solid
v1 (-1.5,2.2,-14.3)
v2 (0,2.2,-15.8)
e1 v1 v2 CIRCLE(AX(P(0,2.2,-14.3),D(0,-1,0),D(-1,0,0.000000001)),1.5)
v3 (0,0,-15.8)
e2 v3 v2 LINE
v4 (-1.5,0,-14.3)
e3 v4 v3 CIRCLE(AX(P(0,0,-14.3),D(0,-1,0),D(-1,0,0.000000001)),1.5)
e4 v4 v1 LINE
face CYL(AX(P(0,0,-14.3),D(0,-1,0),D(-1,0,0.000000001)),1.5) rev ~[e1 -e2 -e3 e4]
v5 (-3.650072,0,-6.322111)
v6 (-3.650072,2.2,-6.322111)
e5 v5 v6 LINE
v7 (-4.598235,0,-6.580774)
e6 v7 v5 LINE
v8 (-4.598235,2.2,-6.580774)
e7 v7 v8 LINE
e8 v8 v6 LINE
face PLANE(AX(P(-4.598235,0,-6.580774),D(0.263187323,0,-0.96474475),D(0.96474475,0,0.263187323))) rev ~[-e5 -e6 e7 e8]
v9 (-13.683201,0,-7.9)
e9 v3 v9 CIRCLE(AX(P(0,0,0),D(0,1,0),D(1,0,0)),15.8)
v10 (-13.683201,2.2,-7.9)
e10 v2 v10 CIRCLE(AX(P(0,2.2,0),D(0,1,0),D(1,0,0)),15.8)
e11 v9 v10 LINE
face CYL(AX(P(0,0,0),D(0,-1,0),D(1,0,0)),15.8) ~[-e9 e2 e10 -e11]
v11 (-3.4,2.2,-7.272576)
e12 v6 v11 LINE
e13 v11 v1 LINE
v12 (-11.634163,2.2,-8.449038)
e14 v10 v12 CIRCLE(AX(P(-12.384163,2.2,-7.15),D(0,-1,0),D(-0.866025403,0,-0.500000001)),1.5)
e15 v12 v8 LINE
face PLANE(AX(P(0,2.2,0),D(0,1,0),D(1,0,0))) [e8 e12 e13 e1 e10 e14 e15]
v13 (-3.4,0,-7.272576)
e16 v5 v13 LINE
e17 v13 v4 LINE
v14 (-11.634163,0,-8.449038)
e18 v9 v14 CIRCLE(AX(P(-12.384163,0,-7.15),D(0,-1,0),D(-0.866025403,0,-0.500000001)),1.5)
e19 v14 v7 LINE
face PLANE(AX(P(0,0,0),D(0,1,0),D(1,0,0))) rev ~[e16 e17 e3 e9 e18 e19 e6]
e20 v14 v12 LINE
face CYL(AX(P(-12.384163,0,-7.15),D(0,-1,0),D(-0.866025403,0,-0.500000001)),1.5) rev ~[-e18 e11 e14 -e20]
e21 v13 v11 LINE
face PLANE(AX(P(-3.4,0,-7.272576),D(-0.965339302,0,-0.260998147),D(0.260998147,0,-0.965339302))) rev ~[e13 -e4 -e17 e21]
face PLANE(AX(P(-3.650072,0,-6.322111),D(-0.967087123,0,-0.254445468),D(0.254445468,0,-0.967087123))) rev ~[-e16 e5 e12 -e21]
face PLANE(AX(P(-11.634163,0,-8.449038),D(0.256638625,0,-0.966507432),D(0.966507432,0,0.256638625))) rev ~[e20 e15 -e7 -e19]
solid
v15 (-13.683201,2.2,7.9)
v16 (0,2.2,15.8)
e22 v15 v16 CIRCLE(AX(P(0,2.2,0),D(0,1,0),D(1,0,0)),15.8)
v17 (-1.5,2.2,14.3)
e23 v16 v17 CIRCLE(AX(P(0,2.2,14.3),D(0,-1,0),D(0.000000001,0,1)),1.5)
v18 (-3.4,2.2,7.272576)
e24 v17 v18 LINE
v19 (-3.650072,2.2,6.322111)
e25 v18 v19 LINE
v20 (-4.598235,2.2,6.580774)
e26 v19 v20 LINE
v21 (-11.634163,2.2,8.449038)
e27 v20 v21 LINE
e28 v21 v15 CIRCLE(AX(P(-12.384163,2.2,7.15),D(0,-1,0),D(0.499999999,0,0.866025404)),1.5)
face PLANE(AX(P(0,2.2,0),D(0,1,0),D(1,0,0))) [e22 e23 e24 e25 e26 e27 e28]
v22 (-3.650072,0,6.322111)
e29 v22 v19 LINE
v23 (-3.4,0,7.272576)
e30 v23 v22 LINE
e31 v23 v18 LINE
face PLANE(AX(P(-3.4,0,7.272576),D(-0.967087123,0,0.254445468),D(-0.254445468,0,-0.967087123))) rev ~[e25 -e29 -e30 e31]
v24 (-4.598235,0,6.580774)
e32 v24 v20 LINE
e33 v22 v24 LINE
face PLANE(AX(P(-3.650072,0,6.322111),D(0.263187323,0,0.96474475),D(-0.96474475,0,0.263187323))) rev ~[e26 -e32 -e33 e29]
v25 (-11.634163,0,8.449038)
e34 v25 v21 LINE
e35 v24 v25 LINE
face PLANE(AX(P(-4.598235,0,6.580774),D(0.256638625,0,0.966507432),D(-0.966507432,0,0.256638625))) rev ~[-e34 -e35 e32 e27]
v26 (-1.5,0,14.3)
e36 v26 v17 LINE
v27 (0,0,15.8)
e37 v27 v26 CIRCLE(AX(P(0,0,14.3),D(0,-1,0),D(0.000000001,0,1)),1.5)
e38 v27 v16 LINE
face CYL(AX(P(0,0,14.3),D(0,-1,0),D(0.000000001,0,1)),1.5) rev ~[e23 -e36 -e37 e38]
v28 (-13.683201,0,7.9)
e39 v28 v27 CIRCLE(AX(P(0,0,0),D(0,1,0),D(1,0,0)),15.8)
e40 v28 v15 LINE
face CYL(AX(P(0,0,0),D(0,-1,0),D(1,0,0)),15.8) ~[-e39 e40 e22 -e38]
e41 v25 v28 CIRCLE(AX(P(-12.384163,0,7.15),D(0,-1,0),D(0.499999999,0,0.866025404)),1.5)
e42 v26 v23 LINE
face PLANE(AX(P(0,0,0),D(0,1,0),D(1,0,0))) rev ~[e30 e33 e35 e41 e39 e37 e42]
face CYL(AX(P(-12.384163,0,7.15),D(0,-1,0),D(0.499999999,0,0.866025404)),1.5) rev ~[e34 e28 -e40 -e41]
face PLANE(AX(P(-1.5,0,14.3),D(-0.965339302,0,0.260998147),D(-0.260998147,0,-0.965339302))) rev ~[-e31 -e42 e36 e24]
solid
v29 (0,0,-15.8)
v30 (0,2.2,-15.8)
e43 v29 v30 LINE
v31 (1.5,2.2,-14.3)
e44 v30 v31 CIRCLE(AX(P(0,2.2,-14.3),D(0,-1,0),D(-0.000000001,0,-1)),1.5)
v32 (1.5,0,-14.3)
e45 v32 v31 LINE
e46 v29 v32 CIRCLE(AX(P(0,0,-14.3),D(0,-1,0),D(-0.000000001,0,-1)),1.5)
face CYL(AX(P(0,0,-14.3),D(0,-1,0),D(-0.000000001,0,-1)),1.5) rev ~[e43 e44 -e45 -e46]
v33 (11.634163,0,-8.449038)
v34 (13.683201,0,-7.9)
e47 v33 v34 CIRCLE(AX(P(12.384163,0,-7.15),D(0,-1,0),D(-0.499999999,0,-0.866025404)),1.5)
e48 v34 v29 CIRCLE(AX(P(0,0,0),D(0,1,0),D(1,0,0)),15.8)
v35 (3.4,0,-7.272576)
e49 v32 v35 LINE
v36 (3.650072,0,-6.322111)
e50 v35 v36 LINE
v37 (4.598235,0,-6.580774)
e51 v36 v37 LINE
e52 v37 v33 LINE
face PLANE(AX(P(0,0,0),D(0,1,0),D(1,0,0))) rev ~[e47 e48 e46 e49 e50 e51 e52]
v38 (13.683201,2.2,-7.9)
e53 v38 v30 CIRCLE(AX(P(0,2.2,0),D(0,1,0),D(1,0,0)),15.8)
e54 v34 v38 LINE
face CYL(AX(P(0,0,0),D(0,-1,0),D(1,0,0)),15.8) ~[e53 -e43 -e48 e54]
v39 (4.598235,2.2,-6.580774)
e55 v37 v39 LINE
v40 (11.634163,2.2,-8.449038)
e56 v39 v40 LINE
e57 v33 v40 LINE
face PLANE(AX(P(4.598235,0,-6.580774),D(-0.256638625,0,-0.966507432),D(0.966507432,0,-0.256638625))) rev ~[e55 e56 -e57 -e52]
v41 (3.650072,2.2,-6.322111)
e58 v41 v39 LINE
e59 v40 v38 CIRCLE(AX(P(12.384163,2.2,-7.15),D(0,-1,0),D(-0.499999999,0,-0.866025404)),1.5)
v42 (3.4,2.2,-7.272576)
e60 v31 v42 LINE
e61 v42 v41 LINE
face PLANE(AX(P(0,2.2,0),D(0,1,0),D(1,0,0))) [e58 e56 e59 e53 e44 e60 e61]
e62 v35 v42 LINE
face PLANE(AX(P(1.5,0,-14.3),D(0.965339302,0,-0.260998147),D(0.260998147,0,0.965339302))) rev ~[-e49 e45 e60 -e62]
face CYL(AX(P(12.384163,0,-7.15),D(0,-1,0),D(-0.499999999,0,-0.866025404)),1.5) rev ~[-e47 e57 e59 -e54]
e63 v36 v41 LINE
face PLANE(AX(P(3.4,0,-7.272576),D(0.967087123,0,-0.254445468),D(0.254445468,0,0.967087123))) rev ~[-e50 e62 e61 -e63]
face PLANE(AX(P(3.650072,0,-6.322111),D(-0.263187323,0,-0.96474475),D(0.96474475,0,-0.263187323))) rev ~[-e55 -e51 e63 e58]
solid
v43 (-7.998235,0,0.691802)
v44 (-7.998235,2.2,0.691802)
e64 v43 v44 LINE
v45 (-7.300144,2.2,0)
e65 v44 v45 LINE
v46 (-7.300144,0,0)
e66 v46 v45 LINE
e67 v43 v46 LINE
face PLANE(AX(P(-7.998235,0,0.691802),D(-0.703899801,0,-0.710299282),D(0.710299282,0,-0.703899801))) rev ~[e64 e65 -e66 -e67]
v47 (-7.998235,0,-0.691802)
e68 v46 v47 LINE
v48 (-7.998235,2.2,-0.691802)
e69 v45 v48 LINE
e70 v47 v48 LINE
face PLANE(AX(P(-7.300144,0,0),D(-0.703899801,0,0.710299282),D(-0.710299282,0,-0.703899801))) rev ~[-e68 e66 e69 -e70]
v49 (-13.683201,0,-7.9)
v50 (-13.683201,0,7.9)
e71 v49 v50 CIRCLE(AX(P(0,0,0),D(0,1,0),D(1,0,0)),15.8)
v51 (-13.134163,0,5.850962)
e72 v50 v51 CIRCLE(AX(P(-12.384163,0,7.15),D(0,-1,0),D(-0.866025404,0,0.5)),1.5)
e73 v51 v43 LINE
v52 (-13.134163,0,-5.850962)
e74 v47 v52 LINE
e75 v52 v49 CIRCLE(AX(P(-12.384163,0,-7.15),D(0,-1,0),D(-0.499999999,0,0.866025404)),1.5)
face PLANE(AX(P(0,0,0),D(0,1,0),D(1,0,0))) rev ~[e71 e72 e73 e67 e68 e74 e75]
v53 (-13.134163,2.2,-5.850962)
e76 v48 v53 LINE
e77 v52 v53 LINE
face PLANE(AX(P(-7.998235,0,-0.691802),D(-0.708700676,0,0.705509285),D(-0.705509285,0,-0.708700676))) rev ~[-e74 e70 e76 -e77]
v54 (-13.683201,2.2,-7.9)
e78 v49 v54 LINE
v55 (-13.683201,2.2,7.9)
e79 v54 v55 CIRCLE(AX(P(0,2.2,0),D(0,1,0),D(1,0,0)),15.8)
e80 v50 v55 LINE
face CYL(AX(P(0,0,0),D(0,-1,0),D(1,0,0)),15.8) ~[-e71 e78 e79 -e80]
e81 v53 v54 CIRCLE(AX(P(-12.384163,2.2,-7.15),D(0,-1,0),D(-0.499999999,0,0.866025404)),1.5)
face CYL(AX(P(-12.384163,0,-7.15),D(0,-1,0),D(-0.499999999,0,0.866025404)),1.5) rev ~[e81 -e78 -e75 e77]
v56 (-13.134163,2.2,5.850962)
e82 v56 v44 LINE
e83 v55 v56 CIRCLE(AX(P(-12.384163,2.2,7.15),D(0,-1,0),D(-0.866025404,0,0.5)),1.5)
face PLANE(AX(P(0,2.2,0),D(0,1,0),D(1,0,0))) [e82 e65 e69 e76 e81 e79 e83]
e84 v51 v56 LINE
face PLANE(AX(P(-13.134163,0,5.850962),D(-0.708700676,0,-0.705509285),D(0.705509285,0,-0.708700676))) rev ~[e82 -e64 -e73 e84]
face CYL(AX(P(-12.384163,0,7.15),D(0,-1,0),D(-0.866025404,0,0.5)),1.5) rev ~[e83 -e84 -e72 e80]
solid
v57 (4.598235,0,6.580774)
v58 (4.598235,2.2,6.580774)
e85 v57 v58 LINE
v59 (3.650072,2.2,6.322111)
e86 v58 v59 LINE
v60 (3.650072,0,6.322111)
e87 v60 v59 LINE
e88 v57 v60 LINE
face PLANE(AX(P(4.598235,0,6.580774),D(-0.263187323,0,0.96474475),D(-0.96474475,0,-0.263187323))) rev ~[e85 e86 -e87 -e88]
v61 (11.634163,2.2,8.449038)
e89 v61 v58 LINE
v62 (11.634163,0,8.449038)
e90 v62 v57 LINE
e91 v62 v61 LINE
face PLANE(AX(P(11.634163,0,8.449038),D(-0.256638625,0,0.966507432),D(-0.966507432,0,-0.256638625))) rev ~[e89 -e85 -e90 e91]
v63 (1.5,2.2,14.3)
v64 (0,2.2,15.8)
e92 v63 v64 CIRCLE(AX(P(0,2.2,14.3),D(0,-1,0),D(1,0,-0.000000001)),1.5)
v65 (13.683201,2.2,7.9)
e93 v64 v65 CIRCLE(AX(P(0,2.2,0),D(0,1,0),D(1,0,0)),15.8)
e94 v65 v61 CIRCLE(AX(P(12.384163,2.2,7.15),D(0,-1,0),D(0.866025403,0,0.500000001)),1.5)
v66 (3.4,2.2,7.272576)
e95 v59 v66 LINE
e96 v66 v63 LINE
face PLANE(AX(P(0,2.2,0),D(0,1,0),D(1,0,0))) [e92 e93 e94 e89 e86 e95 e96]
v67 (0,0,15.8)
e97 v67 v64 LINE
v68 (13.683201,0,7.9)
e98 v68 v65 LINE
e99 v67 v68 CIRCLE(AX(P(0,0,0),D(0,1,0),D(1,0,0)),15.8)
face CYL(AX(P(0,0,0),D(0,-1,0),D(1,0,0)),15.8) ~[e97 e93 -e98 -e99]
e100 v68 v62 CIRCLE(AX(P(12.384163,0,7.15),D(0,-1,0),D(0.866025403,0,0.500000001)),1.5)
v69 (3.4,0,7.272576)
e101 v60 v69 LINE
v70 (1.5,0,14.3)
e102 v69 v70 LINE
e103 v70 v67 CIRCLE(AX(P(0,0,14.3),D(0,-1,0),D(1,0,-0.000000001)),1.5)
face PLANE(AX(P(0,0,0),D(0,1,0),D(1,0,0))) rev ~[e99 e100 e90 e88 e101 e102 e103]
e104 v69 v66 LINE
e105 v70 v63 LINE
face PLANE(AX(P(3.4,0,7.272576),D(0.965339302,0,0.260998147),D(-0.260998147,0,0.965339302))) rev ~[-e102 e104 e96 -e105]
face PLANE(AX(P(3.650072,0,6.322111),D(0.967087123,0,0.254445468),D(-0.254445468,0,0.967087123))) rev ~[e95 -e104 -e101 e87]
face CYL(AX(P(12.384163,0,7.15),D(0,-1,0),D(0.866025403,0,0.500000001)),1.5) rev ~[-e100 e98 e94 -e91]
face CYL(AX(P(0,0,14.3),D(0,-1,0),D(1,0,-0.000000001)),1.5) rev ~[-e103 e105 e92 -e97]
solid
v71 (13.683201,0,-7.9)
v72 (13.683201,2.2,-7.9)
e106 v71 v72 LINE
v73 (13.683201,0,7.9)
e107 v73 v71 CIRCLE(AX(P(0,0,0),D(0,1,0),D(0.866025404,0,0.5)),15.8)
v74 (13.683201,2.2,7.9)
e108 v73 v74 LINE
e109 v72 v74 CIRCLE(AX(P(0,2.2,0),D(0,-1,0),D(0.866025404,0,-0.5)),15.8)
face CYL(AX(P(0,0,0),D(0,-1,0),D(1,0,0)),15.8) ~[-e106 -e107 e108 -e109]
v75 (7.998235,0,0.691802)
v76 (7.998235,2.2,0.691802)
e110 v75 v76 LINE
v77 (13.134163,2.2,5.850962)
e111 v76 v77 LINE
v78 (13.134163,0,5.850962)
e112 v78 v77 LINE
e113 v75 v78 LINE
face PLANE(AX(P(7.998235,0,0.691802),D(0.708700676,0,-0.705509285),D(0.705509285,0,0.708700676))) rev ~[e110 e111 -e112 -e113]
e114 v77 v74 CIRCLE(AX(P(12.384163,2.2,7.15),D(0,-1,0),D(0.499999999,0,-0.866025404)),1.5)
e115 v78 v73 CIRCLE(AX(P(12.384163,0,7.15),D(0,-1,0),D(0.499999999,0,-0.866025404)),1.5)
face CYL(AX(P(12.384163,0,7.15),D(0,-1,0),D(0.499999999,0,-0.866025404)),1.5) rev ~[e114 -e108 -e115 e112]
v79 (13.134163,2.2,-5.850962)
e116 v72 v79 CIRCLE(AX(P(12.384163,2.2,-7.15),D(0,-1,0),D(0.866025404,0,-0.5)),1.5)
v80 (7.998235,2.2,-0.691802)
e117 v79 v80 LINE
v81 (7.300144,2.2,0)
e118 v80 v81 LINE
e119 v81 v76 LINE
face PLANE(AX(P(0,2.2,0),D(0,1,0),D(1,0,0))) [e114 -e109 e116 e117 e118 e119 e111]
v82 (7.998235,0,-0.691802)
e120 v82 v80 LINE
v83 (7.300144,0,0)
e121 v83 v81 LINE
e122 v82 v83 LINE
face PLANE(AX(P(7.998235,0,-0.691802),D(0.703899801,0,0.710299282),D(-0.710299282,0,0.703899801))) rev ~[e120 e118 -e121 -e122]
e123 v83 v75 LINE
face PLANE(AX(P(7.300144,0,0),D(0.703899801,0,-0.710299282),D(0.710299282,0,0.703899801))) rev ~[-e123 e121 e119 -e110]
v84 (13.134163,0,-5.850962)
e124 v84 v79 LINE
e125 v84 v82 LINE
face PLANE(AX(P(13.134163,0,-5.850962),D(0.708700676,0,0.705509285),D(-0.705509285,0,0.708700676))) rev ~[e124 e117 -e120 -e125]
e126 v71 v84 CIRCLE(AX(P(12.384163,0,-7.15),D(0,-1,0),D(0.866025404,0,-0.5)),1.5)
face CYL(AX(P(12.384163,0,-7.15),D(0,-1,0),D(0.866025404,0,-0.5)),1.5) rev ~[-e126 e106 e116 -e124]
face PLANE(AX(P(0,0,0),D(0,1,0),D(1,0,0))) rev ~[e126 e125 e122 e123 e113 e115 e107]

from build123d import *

# Parameters (mm, degrees)
SKETCH_1_R          = 15.8
EXTRUDE_1_DEPTH     = 2.2
CUT_EXTRUDE_2_DEPTH = 2.2


with BuildPart() as part:
    # 草圖1 → 填料-伸長1 (new body)
    with BuildSketch(Plane(origin=(0, 0, 0), x_dir=(1, 0, 0), z_dir=(0, 1, 0))):
        Circle(SKETCH_1_R)
    extrude(amount=EXTRUDE_1_DEPTH)

    # 草圖3 → 除料-伸長2 (cut)
    with BuildSketch(Plane.XZ):
        with BuildLine():
            Line((-1.5, 14.3), (-3.4, 7.272575881))
            Line((-3.4, 7.272575881), (-3.650072203, 6.322110506))
            Line((-3.650072203, 6.322110506), (-4.598235464, 6.580774314))
            Line((-4.598235464, 6.580774314), (-11.634163274, 8.449038106))
            ThreePointArc((-11.634163274, 8.449038106), (-12.772391842, 8.598888739), (-13.68320138, 7.9))
            ThreePointArc((-13.68320138, 7.9), (-13.833052014, 6.761771432), (-13.134163274, 5.850961894))
            Line((-13.134163274, 5.850961894), (-7.998235464, 0.691801568))
            Line((-7.998235464, 0.691801568), (-7.300144405, 0))
            Line((-7.300144405, 0), (-7.998235464, -0.691801568))
            Line((-7.998235464, -0.691801568), (-13.134163274, -5.850961894))
            ThreePointArc((-13.134163274, -5.850961894), (-13.833052014, -6.761771432), (-13.68320138, -7.9))
            ThreePointArc((-13.68320138, -7.9), (-12.772391842, -8.598888739), (-11.634163274, -8.449038106))
            Line((-11.634163274, -8.449038106), (-4.598235464, -6.580774314))
            Line((-4.598235464, -6.580774314), (-3.650072203, -6.322110506))
            Line((-3.650072203, -6.322110506), (-3.4, -7.272575881))
            Line((-3.4, -7.272575881), (-1.5, -14.3))
            ThreePointArc((-1.5, -14.3), (-1.060660172, -15.360660172), (0, -15.8))
            ThreePointArc((0, -15.8), (1.060660172, -15.360660172), (1.5, -14.3))
            Line((1.5, -14.3), (3.4, -7.272575881))
            Line((3.4, -7.272575881), (3.650072203, -6.322110506))
            Line((3.650072203, -6.322110506), (4.598235464, -6.580774314))
            Line((4.598235464, -6.580774314), (11.634163274, -8.449038106))
            ThreePointArc((11.634163274, -8.449038106), (12.772391842, -8.598888739), (13.68320138, -7.9))
            ThreePointArc((13.68320138, -7.9), (13.833052014, -6.761771432), (13.134163274, -5.850961894))
            Line((13.134163274, -5.850961894), (7.998235464, -0.691801568))
            Line((7.998235464, -0.691801568), (7.300144405, 0))
            Line((7.300144405, 0), (7.998235464, 0.691801568))
            Line((7.998235464, 0.691801568), (13.134163274, 5.850961894))
            ThreePointArc((13.134163274, 5.850961894), (13.833052014, 6.761771432), (13.68320138, 7.9))
            ThreePointArc((13.68320138, 7.9), (12.772391842, 8.598888739), (11.634163274, 8.449038106))
            Line((11.634163274, 8.449038106), (4.598235464, 6.580774314))
            Line((4.598235464, 6.580774314), (3.650072203, 6.322110506))
            Line((3.650072203, 6.322110506), (3.4, 7.272575881))
            Line((3.4, 7.272575881), (1.5, 14.3))
            ThreePointArc((1.5, 14.3), (1.060660172, 15.360660172), (0, 15.8))
            ThreePointArc((0, 15.8), (-1.060660172, 15.360660172), (-1.5, 14.3))
        make_face()
    extrude(amount=-CUT_EXTRUDE_2_DEPTH, mode=Mode.SUBTRACT)


solid = part.part
